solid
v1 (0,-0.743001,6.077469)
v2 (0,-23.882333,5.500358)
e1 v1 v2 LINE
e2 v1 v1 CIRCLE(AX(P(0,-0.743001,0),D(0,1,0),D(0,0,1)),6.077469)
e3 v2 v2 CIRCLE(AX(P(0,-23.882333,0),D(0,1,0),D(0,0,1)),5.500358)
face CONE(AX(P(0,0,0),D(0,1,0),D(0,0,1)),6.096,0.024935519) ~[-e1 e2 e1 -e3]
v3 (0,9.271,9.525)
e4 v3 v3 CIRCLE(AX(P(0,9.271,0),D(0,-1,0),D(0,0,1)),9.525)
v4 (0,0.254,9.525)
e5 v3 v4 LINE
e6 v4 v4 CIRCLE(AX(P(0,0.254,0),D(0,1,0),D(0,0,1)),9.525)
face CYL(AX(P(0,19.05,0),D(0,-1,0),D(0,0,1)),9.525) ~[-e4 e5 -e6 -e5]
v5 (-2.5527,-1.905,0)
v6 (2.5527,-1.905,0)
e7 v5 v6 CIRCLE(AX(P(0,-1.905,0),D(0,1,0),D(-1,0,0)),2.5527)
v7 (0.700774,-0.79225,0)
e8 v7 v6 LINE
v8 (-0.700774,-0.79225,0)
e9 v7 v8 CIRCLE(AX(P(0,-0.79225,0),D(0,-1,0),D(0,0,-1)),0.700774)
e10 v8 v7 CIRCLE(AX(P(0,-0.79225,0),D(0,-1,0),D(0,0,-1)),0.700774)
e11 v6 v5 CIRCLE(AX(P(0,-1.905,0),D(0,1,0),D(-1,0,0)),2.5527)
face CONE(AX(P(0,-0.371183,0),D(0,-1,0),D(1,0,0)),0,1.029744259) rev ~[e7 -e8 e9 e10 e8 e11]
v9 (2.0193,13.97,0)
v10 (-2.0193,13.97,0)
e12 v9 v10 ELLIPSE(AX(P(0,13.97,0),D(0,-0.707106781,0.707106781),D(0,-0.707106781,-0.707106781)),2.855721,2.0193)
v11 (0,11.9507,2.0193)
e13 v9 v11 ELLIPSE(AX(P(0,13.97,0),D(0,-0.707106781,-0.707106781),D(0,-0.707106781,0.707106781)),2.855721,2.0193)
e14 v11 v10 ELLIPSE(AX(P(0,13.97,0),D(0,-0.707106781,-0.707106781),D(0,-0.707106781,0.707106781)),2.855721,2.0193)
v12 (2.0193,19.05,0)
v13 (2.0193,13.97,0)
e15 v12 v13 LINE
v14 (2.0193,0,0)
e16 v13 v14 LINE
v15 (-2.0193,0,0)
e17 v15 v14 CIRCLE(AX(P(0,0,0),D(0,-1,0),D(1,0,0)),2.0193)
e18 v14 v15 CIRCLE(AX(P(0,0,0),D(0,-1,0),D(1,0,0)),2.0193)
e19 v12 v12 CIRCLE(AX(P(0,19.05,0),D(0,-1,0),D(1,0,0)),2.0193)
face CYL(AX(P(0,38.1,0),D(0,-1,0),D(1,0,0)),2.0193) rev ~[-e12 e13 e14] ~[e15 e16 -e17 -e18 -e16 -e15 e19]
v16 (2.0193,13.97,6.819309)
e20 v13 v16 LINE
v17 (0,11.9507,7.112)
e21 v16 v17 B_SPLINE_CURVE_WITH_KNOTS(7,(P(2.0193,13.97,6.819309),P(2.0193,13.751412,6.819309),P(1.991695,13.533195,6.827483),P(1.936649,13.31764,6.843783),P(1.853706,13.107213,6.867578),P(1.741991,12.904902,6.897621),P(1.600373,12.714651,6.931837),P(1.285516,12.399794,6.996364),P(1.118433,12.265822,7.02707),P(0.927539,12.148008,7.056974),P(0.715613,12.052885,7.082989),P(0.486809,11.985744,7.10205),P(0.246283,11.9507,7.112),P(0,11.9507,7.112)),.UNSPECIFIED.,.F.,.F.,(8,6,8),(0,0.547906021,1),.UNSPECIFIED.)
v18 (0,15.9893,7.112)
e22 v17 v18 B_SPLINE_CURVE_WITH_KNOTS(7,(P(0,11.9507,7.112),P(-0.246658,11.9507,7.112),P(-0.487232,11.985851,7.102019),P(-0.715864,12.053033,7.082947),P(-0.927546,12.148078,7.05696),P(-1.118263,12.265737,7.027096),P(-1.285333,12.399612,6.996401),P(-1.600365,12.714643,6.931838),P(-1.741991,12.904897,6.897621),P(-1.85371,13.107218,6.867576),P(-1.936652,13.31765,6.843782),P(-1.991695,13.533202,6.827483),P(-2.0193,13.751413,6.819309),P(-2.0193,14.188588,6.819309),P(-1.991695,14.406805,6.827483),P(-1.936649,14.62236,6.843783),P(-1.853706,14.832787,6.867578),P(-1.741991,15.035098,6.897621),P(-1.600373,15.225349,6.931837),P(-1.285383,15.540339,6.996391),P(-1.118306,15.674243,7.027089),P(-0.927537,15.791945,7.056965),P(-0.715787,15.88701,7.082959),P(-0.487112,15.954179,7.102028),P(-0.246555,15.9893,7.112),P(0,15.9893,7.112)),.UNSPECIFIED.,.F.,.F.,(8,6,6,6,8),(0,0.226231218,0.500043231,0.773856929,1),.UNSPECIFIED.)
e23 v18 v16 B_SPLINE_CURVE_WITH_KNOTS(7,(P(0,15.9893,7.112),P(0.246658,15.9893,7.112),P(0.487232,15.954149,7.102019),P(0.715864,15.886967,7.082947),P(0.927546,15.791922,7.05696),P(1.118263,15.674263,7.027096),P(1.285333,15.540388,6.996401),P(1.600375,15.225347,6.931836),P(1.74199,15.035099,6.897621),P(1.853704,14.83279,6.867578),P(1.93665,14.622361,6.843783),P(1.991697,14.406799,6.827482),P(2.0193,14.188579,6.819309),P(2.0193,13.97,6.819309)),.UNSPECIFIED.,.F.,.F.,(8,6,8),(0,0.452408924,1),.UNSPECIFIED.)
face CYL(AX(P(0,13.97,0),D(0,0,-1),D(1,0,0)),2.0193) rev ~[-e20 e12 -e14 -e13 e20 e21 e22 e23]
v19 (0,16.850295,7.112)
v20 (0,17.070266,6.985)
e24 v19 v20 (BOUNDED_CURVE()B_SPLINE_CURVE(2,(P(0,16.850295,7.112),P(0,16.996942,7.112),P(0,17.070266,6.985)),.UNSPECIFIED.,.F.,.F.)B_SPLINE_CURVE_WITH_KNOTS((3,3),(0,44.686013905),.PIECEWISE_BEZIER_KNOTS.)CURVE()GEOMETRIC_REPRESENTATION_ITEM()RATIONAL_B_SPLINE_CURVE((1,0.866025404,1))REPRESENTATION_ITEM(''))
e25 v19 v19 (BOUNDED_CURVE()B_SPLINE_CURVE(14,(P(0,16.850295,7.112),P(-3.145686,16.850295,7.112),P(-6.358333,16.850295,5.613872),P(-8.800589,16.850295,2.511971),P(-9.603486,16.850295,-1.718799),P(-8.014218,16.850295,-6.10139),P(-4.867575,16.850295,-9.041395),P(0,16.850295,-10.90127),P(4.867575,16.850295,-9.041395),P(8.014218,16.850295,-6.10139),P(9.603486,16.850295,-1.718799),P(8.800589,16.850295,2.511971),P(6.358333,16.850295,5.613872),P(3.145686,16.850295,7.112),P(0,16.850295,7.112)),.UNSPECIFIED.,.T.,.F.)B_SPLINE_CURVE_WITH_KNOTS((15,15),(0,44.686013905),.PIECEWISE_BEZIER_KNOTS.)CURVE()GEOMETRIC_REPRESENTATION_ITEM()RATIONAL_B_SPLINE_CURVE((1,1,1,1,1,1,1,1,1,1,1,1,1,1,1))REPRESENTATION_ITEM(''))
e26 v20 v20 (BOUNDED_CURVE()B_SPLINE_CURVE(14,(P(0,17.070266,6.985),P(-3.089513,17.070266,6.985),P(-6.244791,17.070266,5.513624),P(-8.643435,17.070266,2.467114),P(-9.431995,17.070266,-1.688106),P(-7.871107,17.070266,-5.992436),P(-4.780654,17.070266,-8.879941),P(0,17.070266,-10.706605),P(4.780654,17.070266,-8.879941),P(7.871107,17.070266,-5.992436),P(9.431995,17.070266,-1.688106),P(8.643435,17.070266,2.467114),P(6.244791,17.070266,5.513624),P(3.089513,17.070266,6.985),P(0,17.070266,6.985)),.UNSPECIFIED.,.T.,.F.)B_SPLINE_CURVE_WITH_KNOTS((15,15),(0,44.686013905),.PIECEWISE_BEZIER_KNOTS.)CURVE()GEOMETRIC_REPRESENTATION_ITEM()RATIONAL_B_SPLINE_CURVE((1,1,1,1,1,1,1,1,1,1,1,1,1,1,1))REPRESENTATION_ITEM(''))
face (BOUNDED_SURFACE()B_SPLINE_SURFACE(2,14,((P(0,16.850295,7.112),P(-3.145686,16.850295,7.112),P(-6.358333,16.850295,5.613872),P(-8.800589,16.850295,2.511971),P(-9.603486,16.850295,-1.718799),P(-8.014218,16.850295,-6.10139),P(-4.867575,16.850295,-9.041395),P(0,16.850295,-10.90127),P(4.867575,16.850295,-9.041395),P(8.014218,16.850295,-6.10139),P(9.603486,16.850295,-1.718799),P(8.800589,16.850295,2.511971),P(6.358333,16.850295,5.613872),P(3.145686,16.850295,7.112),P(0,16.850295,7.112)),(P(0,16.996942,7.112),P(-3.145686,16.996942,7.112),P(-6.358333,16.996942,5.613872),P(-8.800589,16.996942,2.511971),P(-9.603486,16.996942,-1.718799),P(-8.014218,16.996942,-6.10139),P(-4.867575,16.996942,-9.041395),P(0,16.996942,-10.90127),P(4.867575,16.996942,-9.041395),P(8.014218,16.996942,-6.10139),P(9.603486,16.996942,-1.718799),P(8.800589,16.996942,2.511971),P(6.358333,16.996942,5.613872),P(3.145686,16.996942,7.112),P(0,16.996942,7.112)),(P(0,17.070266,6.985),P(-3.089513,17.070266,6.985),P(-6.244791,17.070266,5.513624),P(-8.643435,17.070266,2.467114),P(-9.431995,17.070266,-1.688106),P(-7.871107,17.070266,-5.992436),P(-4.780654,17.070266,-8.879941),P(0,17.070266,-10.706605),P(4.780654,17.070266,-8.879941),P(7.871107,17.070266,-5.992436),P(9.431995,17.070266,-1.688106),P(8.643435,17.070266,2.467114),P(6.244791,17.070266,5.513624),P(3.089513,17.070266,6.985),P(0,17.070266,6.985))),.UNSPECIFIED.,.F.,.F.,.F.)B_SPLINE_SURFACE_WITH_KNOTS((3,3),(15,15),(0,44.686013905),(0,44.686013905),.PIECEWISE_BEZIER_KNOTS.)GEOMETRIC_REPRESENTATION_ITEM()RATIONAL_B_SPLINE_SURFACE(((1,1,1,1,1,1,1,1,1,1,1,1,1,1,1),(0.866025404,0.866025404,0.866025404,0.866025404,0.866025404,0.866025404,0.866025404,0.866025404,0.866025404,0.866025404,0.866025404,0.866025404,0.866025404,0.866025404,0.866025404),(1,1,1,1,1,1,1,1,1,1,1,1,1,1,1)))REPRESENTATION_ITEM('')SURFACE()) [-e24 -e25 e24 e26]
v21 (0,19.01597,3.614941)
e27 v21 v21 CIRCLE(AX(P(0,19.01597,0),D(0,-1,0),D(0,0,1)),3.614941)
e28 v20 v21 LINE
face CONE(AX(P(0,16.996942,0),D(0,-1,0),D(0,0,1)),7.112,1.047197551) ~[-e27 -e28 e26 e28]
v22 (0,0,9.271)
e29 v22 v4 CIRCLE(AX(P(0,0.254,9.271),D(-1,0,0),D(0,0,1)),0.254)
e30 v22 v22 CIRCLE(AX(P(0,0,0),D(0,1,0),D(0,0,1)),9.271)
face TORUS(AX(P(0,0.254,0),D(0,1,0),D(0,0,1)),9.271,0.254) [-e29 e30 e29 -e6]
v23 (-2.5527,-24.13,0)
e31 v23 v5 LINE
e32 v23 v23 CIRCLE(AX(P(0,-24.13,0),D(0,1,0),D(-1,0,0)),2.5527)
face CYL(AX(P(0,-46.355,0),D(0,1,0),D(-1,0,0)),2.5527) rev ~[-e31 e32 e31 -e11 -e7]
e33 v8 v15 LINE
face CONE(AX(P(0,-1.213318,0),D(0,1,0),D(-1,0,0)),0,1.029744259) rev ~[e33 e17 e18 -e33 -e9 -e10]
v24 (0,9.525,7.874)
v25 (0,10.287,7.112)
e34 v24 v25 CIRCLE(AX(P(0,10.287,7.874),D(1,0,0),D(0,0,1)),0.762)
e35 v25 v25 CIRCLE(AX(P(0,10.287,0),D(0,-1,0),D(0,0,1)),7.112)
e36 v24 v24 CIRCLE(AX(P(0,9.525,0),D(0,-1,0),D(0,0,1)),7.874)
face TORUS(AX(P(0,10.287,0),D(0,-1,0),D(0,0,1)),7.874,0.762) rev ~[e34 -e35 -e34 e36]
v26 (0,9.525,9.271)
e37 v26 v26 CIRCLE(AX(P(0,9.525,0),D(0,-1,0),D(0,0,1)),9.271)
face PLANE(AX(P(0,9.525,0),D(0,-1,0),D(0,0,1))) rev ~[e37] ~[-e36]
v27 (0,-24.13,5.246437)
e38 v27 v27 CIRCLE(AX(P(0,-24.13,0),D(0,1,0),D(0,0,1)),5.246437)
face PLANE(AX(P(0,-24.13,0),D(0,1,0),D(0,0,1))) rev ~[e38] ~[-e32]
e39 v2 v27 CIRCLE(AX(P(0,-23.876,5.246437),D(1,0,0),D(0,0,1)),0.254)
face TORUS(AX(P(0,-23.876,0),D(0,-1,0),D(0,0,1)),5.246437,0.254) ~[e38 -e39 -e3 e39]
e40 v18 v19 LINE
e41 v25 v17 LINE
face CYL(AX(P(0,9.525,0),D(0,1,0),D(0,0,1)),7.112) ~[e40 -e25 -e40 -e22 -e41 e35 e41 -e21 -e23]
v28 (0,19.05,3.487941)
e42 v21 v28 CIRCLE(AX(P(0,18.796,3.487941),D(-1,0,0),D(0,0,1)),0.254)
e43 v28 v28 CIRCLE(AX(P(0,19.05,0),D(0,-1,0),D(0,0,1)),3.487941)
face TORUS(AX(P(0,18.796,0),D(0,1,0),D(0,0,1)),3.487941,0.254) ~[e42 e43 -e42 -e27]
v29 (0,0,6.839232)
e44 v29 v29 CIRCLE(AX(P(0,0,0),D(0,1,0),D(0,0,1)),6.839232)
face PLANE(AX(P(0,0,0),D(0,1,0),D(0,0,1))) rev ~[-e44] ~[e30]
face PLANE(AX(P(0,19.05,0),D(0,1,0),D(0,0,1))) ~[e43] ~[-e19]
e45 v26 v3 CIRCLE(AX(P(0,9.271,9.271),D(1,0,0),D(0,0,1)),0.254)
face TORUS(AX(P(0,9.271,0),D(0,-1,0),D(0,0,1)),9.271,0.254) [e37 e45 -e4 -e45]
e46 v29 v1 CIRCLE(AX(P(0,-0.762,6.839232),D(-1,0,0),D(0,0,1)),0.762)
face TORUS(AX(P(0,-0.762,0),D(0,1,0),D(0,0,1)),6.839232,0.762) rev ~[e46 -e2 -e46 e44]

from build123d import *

# Parameters (mm, degrees)
F3_D      = 5.1054
F3_DEPTH  = 22.225
F3_TIP    = 1.5338169022
F4_R      = 0.762
F5_R      = 0.254
F7_D      = 4.0386
F7_DEPTH  = 19.05
F7_TIP    = 1.213317848
F10_R     = 0.762
F11_R     = 0.254
F13_D     = 4.0386
F13_DEPTH = 20.79625
F13_TIP   = 1.213317848


with BuildPart() as f1:
    # F0 (on Right) → F1 (revolve)
    with BuildSketch(Plane.YZ):
        Polygon((-24.13, 0), (19.05, 0), (19.05, 9.525), (0, 9.525), (0, 6.096), (-24.13, 5.4941811878), align=None)
    revolve(axis=Axis((0, -2.54, 0), (0, 1, 0)))

    # F3
    with Locations(Plane.XZ.offset(24.13)):
        with Locations((0, 0)):
            Hole(F3_D / 2, depth=F3_DEPTH)
            with Locations((0, 0, -(F3_DEPTH + F3_TIP / 2))):  # 118° drill point
                Cone(0, F3_D / 2, F3_TIP, mode=Mode.SUBTRACT)

    # F4
    f4_edges = [f1.edges().sort_by_distance(p)[0] for p in [
        (0, 0, -6.096),
    ]]
    fillet(f4_edges, radius=F4_R)

    # F5
    f5_edges = [f1.edges().sort_by_distance(p)[0] for p in [
        (0, 0, -9.525),
        (0, 19.05, -9.525),
        (0, -24.13, -5.494181),
    ]]
    fillet(f5_edges, radius=F5_R)

    # F7
    with Locations(Plane(origin=(0, 19.05, 0), x_dir=(-1, 0, 0), z_dir=(0, 1, 0))):
        with Locations((0, 0)):
            Hole(F7_D / 2, depth=F7_DEPTH)
            with Locations((0, 0, -(F7_DEPTH + F7_TIP / 2))):  # 118° drill point
                Cone(0, F7_D / 2, F7_TIP, mode=Mode.SUBTRACT)

    # F8 (on Right) → F9 (revolve, cut)
    with BuildSketch(Plane.YZ):
        Polygon((19.05, 25.4), (9.525, 25.4), (9.525, 7.112), (16.9969424428, 7.112), (19.05, 3.556), align=None)
    revolve(axis=Axis((0, 5.637592636, 0), (0, -1, 0)), mode=Mode.SUBTRACT)

    # F10
    f10_edges = [f1.edges().sort_by_distance(p)[0] for p in [
        (0, 9.525, -7.112),
    ]]
    fillet(f10_edges, radius=F10_R)

    # F11
    f11_edges = [f1.edges().sort_by_distance(p)[0] for p in [
        (0, 9.525, -9.525),
        (0, 16.996942, -7.112),
        (0, 19.05, -3.556),
    ]]
    fillet(f11_edges, radius=F11_R)

    # F13 (one way)
    with BuildSketch(Plane(origin=(0, 0, 0), x_dir=(1, 0, 0), z_dir=(0, 0, -1))):
        with Locations((0, -13.97)):
            Circle(F13_D / 2)
    extrude(amount=-F13_DEPTH, mode=Mode.SUBTRACT)
    with Locations(Plane(origin=(0, 0, 0), x_dir=(1, 0, 0), z_dir=(0, 0, -1))):
        with Locations((0, -13.97)):
            with Locations((0, 0, -(F13_DEPTH + F13_TIP / 2))):  # 118° drill point
                Cone(0, F13_D / 2, F13_TIP, mode=Mode.SUBTRACT)


solid = f1.part
